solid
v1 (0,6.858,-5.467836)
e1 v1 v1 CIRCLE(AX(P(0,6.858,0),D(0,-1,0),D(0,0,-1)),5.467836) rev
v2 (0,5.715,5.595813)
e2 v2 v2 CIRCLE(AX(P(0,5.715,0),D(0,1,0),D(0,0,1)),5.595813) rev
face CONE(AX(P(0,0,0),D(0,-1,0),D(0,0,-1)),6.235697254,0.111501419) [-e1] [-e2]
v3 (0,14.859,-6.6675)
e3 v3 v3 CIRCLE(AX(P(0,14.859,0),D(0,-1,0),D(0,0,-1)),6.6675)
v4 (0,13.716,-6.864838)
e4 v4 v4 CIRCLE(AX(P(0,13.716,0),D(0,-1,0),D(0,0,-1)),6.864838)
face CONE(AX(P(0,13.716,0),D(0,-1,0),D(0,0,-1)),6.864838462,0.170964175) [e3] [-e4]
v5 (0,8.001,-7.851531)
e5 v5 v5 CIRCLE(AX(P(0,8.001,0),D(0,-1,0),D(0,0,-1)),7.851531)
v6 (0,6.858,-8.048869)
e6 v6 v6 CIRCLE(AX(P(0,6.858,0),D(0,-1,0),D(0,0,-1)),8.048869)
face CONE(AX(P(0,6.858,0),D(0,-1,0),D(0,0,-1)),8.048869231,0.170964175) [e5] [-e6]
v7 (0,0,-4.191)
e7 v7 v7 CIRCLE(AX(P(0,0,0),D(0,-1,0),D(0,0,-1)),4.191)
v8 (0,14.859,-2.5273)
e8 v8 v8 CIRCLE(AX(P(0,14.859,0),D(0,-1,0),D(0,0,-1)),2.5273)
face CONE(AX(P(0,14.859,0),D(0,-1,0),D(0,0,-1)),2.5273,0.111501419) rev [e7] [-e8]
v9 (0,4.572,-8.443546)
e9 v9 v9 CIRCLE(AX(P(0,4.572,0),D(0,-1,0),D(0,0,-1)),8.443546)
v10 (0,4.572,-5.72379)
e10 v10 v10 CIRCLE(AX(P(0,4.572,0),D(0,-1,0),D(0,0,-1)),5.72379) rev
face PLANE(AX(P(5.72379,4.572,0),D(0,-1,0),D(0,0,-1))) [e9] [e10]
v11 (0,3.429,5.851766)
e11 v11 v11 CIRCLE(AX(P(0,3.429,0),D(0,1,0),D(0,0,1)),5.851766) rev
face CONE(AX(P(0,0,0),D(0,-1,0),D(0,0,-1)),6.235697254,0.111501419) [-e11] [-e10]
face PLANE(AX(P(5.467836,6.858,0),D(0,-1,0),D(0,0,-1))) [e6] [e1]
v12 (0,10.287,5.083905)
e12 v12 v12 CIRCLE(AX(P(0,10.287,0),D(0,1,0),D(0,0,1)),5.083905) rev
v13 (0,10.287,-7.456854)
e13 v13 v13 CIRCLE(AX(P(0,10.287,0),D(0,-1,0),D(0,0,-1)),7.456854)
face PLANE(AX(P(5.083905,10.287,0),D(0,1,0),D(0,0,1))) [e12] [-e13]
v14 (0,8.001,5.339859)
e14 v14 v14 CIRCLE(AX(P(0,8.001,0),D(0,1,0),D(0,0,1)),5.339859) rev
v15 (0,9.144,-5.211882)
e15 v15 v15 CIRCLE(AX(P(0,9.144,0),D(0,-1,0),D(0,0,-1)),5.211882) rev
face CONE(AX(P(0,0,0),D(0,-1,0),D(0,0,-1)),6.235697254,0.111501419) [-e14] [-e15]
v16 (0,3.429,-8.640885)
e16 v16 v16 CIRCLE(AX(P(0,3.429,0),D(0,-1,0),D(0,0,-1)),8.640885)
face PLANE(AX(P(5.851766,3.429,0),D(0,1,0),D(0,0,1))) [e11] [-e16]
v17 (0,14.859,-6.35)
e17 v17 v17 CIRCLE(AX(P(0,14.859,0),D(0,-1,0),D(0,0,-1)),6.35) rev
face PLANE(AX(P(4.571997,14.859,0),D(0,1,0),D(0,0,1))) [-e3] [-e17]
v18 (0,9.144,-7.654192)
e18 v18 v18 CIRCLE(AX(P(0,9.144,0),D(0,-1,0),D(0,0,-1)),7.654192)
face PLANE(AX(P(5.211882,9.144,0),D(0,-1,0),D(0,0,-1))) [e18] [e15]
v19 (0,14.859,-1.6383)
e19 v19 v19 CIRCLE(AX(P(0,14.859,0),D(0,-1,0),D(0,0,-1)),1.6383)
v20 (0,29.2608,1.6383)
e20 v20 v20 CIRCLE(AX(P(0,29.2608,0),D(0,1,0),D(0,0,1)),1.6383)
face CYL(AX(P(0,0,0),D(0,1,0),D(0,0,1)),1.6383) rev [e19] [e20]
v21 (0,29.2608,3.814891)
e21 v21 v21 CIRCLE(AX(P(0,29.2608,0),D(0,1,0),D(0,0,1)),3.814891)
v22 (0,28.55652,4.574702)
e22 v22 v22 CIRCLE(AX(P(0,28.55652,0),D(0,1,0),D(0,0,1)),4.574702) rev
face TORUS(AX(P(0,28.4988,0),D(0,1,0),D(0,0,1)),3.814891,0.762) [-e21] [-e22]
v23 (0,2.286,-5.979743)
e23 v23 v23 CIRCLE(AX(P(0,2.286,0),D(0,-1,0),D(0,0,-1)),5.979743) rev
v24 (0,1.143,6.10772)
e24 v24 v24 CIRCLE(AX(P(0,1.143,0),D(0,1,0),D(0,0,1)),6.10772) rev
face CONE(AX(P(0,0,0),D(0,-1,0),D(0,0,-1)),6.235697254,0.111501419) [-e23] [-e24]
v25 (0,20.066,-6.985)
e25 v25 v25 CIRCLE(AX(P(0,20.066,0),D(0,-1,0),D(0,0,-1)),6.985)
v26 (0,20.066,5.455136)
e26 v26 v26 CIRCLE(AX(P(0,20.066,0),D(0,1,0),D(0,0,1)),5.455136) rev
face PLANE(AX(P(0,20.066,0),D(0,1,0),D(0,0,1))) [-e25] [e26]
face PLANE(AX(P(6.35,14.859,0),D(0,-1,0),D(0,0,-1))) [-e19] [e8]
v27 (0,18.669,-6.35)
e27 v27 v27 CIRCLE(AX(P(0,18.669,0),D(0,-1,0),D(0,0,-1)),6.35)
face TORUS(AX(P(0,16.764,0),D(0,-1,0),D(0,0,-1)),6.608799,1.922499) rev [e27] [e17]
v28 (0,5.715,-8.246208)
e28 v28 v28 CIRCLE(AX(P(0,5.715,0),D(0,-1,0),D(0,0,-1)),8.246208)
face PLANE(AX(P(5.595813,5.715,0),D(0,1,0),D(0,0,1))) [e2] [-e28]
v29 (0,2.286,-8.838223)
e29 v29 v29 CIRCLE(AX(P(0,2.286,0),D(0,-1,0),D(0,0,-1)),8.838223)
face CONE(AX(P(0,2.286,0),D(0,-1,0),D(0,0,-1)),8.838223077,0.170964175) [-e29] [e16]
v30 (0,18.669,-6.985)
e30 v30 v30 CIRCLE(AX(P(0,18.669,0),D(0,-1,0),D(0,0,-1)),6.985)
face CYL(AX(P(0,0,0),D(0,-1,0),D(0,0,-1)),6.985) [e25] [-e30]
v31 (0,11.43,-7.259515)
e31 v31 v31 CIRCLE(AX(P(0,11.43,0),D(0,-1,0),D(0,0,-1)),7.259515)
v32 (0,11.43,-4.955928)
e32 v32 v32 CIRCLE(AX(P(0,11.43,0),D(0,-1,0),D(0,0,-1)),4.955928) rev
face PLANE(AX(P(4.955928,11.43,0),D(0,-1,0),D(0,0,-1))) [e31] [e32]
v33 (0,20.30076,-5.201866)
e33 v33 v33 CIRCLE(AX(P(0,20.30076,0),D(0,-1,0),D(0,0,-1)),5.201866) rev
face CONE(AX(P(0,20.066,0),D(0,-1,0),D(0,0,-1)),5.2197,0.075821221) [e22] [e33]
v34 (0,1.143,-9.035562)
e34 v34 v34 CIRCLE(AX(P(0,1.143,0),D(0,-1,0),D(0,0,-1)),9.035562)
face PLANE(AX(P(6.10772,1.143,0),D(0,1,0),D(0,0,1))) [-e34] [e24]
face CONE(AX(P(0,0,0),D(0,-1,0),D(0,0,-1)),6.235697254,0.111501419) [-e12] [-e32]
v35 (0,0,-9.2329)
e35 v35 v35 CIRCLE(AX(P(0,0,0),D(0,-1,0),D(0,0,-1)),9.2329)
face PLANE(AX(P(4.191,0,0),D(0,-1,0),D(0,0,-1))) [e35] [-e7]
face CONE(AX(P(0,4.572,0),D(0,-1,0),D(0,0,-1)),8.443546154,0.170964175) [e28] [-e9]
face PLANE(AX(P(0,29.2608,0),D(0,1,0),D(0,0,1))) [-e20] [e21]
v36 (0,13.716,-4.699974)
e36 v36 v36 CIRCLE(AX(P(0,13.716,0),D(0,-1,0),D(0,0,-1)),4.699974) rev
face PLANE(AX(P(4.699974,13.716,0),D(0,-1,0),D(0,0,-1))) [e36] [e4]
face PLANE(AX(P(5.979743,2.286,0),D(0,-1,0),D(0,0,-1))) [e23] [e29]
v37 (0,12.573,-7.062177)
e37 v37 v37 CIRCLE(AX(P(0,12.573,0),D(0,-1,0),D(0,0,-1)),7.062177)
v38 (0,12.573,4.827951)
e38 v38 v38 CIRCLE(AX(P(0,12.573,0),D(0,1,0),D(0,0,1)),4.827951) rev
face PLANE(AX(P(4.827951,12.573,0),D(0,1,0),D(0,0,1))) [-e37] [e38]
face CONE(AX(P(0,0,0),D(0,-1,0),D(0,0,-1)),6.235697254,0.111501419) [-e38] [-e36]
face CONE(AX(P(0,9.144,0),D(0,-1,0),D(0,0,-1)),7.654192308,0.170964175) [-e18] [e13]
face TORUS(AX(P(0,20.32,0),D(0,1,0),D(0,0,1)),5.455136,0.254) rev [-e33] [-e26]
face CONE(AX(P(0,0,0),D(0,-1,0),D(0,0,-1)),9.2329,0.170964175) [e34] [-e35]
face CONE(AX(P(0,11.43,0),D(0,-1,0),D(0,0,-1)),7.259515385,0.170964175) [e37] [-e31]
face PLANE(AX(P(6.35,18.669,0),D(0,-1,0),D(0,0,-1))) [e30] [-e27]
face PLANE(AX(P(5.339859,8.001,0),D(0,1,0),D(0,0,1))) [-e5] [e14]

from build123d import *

# Parameters (mm, degrees)
SKETCH5_R          = 1.6383
CUT_EXTRUDE1_DEPTH = 30.2608
FILLET1_R          = 0.762
FILLET2_R          = 0.254


with BuildPart() as part:
    # Sketch1 → Revolve1 (revolve)
    with BuildSketch(Plane.XY, mode=Mode.PRIVATE) as revolve1_sk:
        Polygon((4.571997254, 14.859), (6.235697254, 0), (4.191, 0), (2.5273, 14.859), align=None)
    revolve(revolve1_sk.sketch.rotate(Axis((0, 0, 0), (0, 1, 0)), 90), axis=Axis((0, 0, 0), (0, 1, 0)))  # turned: the seam where the file's is

    # Sketch2 → Revolve2 (revolve)
    with BuildSketch(Plane.XY, mode=Mode.PRIVATE) as revolve2_sk:
        Polygon((6.235697254, 0), (9.2329, 0), (9.035561538, 1.143), (6.107720331, 1.143), align=None)
        Polygon((4.571997254, 14.859), (4.699974177, 13.716), (6.864838462, 13.716), (6.6675, 14.859), align=None)
        Polygon((5.979743408, 2.286), (8.838223077, 2.286), (8.640884615, 3.429), (5.851766485, 3.429), align=None)
        Polygon((5.723789562, 4.572), (8.443546154, 4.572), (8.246207692, 5.715), (5.595812639, 5.715), align=None)
        Polygon((5.467835716, 6.858), (8.048869231, 6.858), (7.851530769, 8.001), (5.339858793, 8.001), align=None)
        Polygon((5.21188187, 9.144), (7.654192308, 9.144), (7.456853846, 10.287), (5.083904947, 10.287), align=None)
        Polygon((4.955928023, 11.43), (7.259515385, 11.43), (7.062176923, 12.573), (4.8279511, 12.573), align=None)
    revolve(revolve2_sk.sketch.rotate(Axis((0, 0, 0), (0, 1, 0)), 90), axis=Axis((0, 0, 0), (0, 1, 0)))  # turned: the seam where the file's is

    # Sketch3 → Revolve3 (revolve)
    with BuildSketch(Plane.XY, mode=Mode.PRIVATE) as revolve3_sk:
        with BuildLine():
            Line((6.35, 14.859), (0, 14.859))
            Line((0, 14.859), (0, 20.066))
            Line((0, 20.066), (6.985, 20.066))
            Line((6.985, 20.066), (6.985, 18.669))
            Line((6.985, 18.669), (6.35, 18.669))
            ThreePointArc((6.35, 18.669), (4.6863, 16.764), (6.35, 14.859))
        make_face()
    revolve(revolve3_sk.sketch.rotate(Axis((0, 0, 0), (0, 1, 0)), 90), axis=Axis((0, 0, 0), (0, 1, 0)))  # turned: the seam where the file's is

    # Sketch4 → Revolve4 (revolve)
    with BuildSketch(Plane.XY, mode=Mode.PRIVATE) as revolve4_sk:
        Polygon((5.2197, 20.066), (0, 20.066), (0, 29.2608), (4.5212, 29.2608), align=None)
    revolve(revolve4_sk.sketch.rotate(Axis((0, 0, 0), (0, 1, 0)), 90), axis=Axis((0, 0, 0), (0, 1, 0)))  # turned: the seam where the file's is

    # Sketch5 → Cut-Extrude1 (cut, through all)
    with BuildSketch(Plane(origin=(0, 29.2608, 0), x_dir=(1, 0, 0), z_dir=(0, 1, 0))):
        with Locations(Location((0, 0, 0), (0, 0, 270))):  # turned: the seam where the file's is
            Circle(SKETCH5_R)
    extrude(amount=-CUT_EXTRUDE1_DEPTH, mode=Mode.SUBTRACT)

    # Fillet1
    fillet1_edges = [part.edges().sort_by_distance(p)[0] for p in [
        (0, 29.2608, 4.5212),
    ]]
    fillet(fillet1_edges, radius=FILLET1_R)

    # Fillet2
    fillet2_edges = [part.edges().sort_by_distance(p)[0] for p in [
        (0, 20.066, 5.2197),
    ]]
    fillet(fillet2_edges, radius=FILLET2_R)


solid = part.part
